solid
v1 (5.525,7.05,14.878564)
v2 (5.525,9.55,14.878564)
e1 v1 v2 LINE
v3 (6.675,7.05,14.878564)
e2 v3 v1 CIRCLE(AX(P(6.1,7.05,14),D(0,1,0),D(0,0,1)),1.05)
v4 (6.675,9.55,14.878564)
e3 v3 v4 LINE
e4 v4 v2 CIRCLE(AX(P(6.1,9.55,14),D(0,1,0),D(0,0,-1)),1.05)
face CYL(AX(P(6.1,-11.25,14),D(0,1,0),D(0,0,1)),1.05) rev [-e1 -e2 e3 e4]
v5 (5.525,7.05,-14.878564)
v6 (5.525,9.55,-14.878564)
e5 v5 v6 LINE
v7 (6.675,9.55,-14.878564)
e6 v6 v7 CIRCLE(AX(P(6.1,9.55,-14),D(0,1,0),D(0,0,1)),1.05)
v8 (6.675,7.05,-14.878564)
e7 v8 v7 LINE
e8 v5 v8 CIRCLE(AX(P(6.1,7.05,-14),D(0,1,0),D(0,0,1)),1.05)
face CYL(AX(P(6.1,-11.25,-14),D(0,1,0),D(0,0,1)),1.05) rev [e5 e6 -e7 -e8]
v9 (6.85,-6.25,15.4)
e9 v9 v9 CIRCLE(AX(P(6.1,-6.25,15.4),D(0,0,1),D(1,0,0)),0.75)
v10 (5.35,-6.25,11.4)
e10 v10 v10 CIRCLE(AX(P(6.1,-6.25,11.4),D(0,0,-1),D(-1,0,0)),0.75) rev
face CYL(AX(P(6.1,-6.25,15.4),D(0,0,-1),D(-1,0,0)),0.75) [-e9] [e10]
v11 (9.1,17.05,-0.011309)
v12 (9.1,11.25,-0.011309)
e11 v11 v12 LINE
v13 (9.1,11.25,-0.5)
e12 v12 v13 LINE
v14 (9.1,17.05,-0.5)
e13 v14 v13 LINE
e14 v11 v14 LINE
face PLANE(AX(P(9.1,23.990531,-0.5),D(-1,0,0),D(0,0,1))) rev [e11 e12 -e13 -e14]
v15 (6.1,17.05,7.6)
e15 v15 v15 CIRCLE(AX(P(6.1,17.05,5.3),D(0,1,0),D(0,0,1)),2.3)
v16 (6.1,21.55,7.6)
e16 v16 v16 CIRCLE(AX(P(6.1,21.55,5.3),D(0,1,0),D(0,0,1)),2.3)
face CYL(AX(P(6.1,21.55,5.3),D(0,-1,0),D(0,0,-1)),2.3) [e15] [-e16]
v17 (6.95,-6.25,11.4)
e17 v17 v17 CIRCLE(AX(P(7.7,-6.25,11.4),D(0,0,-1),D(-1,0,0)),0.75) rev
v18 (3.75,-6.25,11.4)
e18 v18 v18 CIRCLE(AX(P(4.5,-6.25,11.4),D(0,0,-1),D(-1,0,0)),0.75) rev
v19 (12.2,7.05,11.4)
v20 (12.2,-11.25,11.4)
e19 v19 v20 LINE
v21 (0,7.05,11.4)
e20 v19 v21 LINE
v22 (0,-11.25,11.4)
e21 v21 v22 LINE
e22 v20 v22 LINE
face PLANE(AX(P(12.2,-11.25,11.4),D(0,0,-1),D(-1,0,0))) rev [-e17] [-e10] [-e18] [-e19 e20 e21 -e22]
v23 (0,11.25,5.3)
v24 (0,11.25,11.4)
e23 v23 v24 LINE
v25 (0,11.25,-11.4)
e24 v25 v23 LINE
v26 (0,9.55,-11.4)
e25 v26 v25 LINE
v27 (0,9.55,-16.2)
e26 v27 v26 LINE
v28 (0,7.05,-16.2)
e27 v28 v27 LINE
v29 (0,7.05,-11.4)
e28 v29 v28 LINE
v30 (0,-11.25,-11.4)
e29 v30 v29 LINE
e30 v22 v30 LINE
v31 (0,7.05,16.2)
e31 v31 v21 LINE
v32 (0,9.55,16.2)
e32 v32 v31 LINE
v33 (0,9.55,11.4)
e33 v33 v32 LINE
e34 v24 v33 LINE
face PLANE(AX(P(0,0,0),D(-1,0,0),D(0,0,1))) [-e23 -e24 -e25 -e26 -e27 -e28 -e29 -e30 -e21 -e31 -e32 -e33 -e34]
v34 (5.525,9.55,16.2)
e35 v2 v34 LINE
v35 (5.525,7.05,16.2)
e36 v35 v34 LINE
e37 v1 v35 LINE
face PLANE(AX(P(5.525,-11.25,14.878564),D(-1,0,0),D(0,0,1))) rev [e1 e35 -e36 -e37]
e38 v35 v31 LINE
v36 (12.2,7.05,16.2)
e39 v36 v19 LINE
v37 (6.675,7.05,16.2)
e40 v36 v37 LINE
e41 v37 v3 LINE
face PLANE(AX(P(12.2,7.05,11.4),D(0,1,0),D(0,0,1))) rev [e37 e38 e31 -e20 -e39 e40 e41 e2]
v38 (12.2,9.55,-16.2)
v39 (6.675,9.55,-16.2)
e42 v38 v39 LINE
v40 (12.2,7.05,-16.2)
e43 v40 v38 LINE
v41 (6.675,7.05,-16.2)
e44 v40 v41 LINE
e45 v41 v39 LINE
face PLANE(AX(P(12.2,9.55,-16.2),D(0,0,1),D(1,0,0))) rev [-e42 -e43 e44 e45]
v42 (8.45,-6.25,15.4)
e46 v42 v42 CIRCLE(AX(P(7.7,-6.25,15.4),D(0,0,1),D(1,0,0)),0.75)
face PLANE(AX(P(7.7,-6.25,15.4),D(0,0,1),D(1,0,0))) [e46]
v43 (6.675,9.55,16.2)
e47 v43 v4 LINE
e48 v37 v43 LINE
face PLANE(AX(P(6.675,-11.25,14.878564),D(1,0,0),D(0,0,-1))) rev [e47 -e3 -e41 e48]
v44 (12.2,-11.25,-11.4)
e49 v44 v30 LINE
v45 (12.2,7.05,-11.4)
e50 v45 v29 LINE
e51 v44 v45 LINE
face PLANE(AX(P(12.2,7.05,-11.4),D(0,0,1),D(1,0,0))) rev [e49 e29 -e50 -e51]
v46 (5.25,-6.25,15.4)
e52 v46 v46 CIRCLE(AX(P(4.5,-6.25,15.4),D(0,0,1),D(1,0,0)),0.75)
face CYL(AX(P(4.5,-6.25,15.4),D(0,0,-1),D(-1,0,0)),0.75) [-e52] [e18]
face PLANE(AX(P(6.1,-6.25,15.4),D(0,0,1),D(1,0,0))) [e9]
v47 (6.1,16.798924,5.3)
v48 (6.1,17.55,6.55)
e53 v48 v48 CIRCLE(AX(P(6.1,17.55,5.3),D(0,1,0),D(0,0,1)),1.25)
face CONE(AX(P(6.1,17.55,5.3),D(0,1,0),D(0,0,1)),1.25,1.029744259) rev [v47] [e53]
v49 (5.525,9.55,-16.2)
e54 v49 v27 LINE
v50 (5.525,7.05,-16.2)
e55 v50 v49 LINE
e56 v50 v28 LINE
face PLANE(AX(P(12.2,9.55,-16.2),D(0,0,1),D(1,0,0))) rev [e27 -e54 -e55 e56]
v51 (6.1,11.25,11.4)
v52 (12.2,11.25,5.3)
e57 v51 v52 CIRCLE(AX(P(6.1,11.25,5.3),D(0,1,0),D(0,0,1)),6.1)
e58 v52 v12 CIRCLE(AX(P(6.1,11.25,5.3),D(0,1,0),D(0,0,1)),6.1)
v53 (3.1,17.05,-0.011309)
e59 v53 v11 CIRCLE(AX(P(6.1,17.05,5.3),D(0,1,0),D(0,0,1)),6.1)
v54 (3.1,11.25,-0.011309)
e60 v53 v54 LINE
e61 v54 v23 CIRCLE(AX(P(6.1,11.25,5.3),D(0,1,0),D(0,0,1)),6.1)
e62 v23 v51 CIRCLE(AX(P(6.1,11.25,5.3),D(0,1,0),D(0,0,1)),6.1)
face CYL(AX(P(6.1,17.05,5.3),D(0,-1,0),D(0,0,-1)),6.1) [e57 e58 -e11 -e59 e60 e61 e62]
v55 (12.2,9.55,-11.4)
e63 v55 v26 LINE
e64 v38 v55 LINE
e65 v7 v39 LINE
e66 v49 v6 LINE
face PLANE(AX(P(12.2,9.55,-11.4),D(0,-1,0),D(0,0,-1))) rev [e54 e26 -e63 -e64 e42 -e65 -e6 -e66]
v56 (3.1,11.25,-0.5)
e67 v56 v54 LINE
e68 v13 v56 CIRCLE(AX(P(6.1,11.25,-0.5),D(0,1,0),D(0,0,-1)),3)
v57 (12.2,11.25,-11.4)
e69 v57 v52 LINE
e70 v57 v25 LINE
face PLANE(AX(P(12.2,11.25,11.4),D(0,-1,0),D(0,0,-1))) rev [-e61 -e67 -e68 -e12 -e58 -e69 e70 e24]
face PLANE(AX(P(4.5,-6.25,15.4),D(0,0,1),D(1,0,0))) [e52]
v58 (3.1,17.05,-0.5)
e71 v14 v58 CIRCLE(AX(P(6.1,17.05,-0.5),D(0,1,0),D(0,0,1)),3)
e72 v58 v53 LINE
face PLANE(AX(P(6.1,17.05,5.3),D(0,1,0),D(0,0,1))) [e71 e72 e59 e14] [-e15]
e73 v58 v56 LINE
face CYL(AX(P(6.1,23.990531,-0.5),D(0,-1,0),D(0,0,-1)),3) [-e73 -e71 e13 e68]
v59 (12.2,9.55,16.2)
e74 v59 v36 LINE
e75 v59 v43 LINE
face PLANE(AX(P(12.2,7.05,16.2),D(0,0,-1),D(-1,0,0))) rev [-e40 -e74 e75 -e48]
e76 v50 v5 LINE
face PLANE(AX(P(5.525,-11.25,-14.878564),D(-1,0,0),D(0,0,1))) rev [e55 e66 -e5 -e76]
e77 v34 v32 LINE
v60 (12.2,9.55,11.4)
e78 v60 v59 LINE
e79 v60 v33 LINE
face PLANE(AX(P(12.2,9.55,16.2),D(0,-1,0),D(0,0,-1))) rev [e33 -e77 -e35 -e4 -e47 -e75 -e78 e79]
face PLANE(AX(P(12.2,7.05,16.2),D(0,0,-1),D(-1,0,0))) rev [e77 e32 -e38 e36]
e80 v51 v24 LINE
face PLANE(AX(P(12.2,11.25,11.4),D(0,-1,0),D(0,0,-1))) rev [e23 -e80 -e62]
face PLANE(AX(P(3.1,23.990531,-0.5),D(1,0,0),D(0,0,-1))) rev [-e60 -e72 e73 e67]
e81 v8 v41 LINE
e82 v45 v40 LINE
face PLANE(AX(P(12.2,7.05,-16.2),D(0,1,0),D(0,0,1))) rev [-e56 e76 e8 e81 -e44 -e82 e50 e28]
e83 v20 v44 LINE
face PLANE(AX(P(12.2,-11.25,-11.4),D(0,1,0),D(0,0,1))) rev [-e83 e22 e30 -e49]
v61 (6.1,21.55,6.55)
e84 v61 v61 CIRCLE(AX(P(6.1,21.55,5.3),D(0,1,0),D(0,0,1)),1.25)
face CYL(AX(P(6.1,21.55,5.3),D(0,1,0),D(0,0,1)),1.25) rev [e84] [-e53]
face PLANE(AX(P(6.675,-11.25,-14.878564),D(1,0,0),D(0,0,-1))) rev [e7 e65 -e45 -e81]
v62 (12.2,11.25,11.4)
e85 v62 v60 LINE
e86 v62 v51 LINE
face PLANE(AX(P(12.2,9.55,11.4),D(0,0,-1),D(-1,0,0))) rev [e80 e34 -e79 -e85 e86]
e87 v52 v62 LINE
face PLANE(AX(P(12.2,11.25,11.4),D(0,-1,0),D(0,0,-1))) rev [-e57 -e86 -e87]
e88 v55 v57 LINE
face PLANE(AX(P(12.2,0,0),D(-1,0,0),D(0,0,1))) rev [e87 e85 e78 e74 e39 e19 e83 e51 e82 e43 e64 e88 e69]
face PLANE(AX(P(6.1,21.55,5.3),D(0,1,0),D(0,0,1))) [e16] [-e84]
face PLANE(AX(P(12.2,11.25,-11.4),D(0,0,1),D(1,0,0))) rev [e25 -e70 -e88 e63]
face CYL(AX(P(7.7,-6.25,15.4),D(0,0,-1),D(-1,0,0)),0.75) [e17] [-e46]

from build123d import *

# Parameters (mm, degrees)
BOSS_EXTRUDE1_DEPTH                 = 12.2
SKETCH2_R                           = 6.1
BOSS_EXTRUDE2_DEPTH                 = 5.8
BOSS_EXTRU_1_DEPTH                  = 5.8
ENL_V_MAT_EXTRU_1_DEPTH             = 30.050301203
SKETCH8_R                           = 0.75
BOSS_EXTRUDE5_DEPTH                 = 4
SKETCH3_R                           = 2.3
BOSS_EXTRUDE6_DEPTH                 = 4.5
DIAM_TRE_DU_PER_AGE_2_5_2_5_1_D     = 2.5
DIAM_TRE_DU_PER_AGE_2_5_2_5_1_DEPTH = 4
DIAM_TRE_DU_PER_AGE_2_5_2_5_1_TIP   = 0.751075774


with BuildPart() as part:
    # Sketch1 → Boss-Extrude1 (new body)
    with BuildSketch(Plane(origin=(0, 0, 0), x_dir=(0, 0, -1), z_dir=(1, 0, 0))):
        Polygon((-11.4, -11.25), (-11.4, 7.05), (-16.2, 7.05), (-16.2, 9.55), (-11.4, 9.55), (-11.4, 11.25), (11.4, 11.25), (11.4, 9.55), (16.2, 9.55), (16.2, 7.05), (11.4, 7.05), (11.4, -11.25), align=None)
    extrude(amount=BOSS_EXTRUDE1_DEPTH)

    # Sketch2 → Boss-Extrude2 (add)
    with BuildSketch(Plane(origin=(0, 11.25, 0), x_dir=(1, 0, 0), z_dir=(0, 1, 0))):
        with Locations(Location((6.1, -5.3, 0), (0, 0, 270))):
            Circle(SKETCH2_R)
    extrude(amount=BOSS_EXTRUDE2_DEPTH)

    # Sketch4 → Boss.-Extru.1 (add)
    with BuildSketch(Plane(origin=(0, 11.25, 0), x_dir=(1, 0, 0), z_dir=(0, 1, 0))):
        with BuildLine():
            Line((3.1, 0.5), (3.1, 0.01130869))
            ThreePointArc((3.1, 0.01130869), (6.1, 0.8), (9.1, 0.01130869))
            Line((9.1, 0.01130869), (9.1, 0.5))
            ThreePointArc((9.1, 0.5), (6.1, 3.5), (3.1, 0.5))
        make_face()
    extrude(amount=BOSS_EXTRU_1_DEPTH)

    # Sketch6 → Enlèv. mat.-Extru.1 (cut, through all)
    with BuildSketch(Plane(origin=(0, 9.55, 0), x_dir=(1, 0, 0), z_dir=(0, 1, 0))):
        with BuildLine():
            Line((5.525, -16.2), (6.675, -16.2))
            Line((6.675, -16.2), (6.675, -14.87856417))
            ThreePointArc((6.675, -14.87856417), (6.1, -12.95), (5.525, -14.87856417))
            Line((5.525, -14.87856417), (5.525, -16.2))
        make_face()
        with BuildLine():
            Line((5.525, 14.87856417), (5.525, 16.2))
            Line((5.525, 16.2), (6.675, 16.2))
            Line((6.675, 16.2), (6.675, 14.87856417))
            ThreePointArc((6.675, 14.87856417), (6.1, 12.95), (5.525, 14.87856417))
        make_face()
    extrude(amount=-ENL_V_MAT_EXTRU_1_DEPTH, mode=Mode.SUBTRACT)

    # Sketch8 → Boss-Extrude5 (add)
    with BuildSketch(Plane.XY.offset(11.4)):
        with Locations(Location((6.1, -6.25, 0), (0, 0, 180))):
            Circle(SKETCH8_R)
        with Locations(Location((7.7, -6.25, 0), (0, 0, 180))):
            Circle(SKETCH8_R)
        with Locations(Location((4.5, -6.25, 0), (0, 0, 180))):
            Circle(SKETCH8_R)
    extrude(amount=BOSS_EXTRUDE5_DEPTH)

    # Sketch3 → Boss-Extrude6 (add)
    with BuildSketch(Plane(origin=(0, 17.05, 0), x_dir=(1, 0, 0), z_dir=(0, 1, 0))):
        with Locations(Location((6.1, -5.3, 0), (0, 0, 270))):
            Circle(SKETCH3_R)
    extrude(amount=BOSS_EXTRUDE6_DEPTH)

    # Diamètre du perçage Ø2.5 (2.5)1
    with Locations(Plane(origin=(0, 21.55, 0), x_dir=(1, 0, 0), z_dir=(0, 1, 0))):
        with Locations((6.1, -5.3)):
            Hole(DIAM_TRE_DU_PER_AGE_2_5_2_5_1_D / 2, depth=DIAM_TRE_DU_PER_AGE_2_5_2_5_1_DEPTH)
            with Locations((0, 0, -(DIAM_TRE_DU_PER_AGE_2_5_2_5_1_DEPTH + DIAM_TRE_DU_PER_AGE_2_5_2_5_1_TIP / 2))):  # 118° drill point
                Cone(0, DIAM_TRE_DU_PER_AGE_2_5_2_5_1_D / 2, DIAM_TRE_DU_PER_AGE_2_5_2_5_1_TIP, mode=Mode.SUBTRACT)


solid = part.part
